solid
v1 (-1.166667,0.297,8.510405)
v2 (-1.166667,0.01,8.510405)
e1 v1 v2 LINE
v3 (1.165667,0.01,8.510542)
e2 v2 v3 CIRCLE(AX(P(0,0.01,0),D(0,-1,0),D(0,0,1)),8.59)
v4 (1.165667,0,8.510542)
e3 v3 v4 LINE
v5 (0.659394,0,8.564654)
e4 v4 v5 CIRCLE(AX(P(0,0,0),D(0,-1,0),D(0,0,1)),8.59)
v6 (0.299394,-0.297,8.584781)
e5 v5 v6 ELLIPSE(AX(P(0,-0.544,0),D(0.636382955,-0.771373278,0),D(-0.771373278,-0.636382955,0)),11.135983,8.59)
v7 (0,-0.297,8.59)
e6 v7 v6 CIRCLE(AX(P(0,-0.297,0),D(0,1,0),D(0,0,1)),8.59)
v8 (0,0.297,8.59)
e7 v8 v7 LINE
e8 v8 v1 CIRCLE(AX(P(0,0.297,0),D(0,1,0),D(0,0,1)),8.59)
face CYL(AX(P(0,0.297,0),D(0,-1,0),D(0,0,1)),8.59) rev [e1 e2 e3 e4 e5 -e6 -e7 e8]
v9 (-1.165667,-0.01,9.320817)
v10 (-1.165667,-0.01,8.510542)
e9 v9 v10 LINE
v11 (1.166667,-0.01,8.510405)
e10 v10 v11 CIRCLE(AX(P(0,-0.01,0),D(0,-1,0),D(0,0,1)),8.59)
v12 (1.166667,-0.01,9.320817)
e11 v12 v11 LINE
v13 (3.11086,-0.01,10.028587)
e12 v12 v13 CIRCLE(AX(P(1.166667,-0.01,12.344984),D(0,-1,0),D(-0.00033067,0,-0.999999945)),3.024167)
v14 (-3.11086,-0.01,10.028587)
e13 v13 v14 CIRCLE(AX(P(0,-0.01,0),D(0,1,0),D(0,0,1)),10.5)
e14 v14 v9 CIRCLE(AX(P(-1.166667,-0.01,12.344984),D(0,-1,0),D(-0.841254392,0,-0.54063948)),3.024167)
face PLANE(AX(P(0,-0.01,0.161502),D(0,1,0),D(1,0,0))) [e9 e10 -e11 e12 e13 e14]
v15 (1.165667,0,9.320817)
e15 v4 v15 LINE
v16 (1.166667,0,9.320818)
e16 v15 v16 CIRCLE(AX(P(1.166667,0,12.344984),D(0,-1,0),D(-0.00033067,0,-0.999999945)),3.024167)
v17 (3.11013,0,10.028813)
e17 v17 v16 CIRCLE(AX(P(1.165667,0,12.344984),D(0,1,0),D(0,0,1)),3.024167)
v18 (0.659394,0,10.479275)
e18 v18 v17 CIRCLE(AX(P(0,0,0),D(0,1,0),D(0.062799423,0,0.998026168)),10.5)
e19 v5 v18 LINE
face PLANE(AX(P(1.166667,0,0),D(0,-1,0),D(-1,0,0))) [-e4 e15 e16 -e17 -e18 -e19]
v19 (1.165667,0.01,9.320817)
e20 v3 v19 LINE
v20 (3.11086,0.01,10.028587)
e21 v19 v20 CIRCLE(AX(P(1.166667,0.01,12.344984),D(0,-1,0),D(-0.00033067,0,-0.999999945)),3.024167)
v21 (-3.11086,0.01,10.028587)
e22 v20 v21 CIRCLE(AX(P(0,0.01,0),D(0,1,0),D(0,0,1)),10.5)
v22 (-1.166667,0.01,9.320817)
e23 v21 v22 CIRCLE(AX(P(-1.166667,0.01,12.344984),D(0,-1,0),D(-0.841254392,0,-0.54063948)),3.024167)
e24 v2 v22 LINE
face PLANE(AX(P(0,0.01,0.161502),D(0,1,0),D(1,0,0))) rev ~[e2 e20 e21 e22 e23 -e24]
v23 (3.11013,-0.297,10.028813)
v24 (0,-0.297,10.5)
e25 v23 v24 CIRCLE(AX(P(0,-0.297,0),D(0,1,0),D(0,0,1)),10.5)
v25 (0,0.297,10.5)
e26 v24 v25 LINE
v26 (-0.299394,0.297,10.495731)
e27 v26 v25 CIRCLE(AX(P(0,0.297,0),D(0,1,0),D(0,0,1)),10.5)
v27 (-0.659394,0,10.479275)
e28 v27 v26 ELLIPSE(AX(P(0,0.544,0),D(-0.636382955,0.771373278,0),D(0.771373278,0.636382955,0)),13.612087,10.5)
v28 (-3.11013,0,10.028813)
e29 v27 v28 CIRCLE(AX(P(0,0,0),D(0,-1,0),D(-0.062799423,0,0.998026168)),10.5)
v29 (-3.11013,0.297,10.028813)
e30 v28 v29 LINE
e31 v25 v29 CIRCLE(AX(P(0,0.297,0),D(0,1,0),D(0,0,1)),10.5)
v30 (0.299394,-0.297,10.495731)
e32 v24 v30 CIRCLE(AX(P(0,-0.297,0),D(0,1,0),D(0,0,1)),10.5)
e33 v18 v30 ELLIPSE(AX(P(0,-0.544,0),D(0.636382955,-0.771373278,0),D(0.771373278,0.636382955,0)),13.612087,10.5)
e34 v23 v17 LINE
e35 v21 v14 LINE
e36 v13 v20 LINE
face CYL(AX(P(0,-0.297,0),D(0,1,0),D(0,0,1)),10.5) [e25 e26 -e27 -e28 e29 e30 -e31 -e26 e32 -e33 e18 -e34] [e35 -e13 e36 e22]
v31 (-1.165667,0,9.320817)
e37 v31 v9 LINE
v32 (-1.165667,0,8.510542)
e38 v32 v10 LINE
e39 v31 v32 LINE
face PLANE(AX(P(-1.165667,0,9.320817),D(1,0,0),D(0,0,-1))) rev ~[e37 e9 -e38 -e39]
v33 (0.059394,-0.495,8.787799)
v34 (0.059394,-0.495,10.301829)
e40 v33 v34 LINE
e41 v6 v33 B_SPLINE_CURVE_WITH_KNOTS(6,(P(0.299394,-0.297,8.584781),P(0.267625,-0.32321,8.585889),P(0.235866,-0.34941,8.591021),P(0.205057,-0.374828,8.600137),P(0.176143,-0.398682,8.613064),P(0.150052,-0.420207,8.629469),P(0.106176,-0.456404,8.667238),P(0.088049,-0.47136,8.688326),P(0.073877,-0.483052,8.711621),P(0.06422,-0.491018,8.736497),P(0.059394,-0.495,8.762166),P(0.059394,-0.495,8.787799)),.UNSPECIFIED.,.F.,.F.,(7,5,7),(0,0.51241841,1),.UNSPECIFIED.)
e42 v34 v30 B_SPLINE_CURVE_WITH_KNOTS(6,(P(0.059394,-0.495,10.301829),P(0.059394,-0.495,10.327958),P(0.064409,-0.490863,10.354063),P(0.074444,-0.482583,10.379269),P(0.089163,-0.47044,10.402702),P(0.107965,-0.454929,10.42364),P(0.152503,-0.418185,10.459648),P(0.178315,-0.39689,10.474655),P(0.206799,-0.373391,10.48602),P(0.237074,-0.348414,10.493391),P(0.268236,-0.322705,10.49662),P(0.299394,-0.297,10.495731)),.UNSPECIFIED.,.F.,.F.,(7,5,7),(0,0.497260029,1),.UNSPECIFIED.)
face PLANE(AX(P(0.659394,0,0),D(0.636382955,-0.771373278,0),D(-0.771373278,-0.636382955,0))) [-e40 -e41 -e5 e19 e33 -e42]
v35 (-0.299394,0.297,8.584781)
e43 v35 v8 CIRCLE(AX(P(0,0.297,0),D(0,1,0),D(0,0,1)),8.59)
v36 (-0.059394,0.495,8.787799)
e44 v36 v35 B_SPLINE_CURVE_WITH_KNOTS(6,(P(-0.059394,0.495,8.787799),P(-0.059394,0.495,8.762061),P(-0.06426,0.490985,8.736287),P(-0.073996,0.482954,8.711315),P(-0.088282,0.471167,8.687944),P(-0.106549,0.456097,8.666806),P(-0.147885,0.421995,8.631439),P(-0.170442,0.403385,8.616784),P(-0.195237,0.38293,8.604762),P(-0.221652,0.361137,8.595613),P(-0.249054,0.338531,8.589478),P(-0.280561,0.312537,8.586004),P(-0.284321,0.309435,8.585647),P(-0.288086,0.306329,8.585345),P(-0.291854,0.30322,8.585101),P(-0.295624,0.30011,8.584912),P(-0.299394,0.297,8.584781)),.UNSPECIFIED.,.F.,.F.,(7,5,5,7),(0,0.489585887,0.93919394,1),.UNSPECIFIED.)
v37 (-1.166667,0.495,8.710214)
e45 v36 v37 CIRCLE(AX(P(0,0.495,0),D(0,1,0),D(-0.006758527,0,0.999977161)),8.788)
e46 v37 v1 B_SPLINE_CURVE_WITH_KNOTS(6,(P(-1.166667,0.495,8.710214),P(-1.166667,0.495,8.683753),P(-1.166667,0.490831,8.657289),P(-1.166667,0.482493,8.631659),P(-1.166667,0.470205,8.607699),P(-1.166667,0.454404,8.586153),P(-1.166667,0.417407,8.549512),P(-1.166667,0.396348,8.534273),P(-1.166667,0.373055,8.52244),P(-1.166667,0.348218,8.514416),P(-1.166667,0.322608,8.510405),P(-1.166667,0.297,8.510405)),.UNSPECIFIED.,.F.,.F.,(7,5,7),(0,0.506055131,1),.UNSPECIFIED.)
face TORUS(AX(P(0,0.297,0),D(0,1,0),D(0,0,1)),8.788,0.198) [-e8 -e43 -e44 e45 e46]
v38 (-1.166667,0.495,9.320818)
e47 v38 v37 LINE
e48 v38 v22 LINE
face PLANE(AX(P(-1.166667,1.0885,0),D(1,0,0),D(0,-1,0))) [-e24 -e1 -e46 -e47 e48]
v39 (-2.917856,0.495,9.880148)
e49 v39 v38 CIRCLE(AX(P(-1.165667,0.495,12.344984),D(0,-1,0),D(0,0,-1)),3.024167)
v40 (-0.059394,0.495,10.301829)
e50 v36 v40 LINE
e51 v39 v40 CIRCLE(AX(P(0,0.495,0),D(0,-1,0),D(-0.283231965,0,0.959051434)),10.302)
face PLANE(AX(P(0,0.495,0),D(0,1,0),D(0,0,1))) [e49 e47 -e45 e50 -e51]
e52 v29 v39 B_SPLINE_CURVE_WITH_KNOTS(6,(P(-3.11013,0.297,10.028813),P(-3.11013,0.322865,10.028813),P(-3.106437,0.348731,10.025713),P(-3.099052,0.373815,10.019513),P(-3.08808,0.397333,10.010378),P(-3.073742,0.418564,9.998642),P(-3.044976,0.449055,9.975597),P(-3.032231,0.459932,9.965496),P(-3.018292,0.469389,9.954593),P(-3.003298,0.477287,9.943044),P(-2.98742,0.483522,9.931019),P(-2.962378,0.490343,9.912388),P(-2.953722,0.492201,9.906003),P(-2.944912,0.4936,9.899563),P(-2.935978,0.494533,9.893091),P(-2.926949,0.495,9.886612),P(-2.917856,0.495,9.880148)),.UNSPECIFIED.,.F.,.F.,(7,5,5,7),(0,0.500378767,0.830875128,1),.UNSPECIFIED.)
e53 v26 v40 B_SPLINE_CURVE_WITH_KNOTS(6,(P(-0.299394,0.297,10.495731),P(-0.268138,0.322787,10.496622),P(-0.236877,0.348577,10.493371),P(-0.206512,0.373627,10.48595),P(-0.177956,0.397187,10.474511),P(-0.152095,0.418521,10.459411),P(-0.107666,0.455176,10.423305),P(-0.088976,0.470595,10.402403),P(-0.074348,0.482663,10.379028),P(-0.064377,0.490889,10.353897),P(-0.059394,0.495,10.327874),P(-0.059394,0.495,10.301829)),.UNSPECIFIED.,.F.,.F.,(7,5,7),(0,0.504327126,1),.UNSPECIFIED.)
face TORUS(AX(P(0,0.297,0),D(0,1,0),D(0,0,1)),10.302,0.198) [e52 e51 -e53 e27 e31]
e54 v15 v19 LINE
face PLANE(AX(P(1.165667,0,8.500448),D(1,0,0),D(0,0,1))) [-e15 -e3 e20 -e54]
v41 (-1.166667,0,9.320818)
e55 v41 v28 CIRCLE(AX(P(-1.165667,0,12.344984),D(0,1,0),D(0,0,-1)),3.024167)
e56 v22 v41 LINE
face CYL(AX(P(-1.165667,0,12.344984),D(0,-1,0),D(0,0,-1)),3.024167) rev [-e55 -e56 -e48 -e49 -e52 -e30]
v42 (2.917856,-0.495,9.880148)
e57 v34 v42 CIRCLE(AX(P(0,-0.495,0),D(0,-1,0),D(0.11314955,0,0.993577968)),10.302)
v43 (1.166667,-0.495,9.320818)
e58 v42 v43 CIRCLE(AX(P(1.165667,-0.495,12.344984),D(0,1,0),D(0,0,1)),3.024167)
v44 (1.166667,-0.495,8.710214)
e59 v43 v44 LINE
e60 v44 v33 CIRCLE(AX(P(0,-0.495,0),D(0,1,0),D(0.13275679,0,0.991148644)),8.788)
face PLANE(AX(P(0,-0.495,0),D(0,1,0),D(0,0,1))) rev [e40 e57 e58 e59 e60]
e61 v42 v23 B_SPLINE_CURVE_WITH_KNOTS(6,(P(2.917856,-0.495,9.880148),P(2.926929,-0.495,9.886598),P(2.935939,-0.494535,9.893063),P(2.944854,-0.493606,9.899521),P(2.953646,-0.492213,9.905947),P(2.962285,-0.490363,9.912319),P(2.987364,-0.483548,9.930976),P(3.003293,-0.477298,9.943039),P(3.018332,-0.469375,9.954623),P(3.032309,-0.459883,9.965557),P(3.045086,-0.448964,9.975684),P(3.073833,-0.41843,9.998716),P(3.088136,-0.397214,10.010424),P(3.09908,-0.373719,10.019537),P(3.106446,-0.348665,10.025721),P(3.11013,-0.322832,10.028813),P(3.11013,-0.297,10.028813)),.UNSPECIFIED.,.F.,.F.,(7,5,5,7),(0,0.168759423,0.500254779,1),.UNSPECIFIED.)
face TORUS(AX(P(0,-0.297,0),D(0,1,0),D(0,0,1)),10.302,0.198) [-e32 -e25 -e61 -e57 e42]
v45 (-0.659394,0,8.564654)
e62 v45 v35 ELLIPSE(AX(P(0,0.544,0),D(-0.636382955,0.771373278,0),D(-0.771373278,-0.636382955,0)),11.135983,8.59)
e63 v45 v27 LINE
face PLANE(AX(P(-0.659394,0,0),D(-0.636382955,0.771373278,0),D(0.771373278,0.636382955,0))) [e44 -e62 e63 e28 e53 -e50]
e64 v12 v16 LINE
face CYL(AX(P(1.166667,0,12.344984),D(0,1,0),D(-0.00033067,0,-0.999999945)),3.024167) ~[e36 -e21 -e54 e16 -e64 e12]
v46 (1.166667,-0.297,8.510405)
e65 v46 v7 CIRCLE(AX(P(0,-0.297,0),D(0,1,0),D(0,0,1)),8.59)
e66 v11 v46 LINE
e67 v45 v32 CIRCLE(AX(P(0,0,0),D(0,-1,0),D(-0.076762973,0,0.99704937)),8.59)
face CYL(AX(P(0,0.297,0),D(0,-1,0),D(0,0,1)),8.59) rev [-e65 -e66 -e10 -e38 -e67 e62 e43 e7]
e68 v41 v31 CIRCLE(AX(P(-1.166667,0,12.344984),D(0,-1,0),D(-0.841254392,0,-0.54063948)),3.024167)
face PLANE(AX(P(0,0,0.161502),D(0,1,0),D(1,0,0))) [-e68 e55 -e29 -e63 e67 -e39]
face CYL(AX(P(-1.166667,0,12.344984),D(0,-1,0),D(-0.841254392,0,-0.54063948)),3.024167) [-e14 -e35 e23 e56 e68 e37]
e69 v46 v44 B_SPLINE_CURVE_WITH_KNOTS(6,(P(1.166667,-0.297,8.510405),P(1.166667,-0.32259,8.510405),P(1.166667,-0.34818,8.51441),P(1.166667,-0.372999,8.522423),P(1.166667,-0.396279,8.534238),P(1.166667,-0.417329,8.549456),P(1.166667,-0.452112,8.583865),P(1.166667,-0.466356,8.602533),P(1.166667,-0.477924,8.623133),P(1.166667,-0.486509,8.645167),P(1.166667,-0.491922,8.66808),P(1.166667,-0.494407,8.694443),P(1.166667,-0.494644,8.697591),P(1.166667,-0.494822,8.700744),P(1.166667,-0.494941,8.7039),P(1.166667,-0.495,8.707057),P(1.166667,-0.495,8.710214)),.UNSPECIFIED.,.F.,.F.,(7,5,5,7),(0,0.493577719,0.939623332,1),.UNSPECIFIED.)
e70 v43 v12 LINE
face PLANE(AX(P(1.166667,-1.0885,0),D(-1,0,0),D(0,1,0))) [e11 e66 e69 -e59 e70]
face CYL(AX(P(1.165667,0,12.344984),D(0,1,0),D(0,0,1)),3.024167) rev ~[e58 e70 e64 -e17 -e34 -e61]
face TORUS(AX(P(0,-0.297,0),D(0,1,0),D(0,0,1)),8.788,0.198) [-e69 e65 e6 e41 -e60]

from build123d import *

# Parameters (mm, degrees)
CUT_EXTRUDE1_DEPTH      = 21
CUT_EXTRUDE2_DEPTH      = 21
CUT_EXTRUDE3_DEPTH      = 21
CUT_EXTRUDE4_DEPTH      = 21
CUT_EXTRUDE5_DEPTH      = 0.01
CUT_EXTRUDE5_DEPTH_BACK = 0.01


with BuildPart() as part:
    # Sketch1 → Revolve1 (revolve)
    with BuildSketch(Plane(origin=(0, 0, 0), x_dir=(0, 0, -1), z_dir=(1, 0, 0)), mode=Mode.PRIVATE) as revolve1_sk:
        with BuildLine():
            Line((8.788, -0.495), (10.302, -0.495))
            ThreePointArc((10.302, -0.495), (10.442007143, -0.437007143), (10.5, -0.297))
            Line((10.5, -0.297), (10.5, 0.297))
            ThreePointArc((10.5, 0.297), (10.442007143, 0.437007143), (10.302, 0.495))
            Line((10.302, 0.495), (8.788, 0.495))
            ThreePointArc((8.788, 0.495), (8.647992857, 0.437007143), (8.59, 0.297))
            Line((8.59, 0.297), (8.59, -0.297))
            ThreePointArc((8.59, -0.297), (8.647992857, -0.437007143), (8.788, -0.495))
        make_face()
    revolve(revolve1_sk.sketch.rotate(Axis((0, -1, 0), (0, 1, 0)), 180), axis=Axis((0, -1, 0), (0, 1, 0)))

    # Sketch2 → Cut-Extrude1 (cut)
    with BuildSketch(Plane(origin=(0, 0, 0), x_dir=(1, 0, 0), z_dir=(0, 1, 0))):
        with BuildLine():
            Line((-1.165666667, -15.369150396), (-1.165666667, -9.320817394))
            ThreePointArc((-1.165666667, -9.320817394), (-4.189833168, -12.344983895), (-1.165666667, -15.369150396))
        make_face()
    extrude(amount=CUT_EXTRUDE1_DEPTH, mode=Mode.SUBTRACT)

    # Sketch3 → Cut-Extrude2 (cut)
    with BuildSketch(Plane(origin=(0, 0, 0), x_dir=(1, 0, 0), z_dir=(0, 1, 0))):
        with BuildLine():
            Line((1.165666667, -9.320817394), (1.165666667, -15.369150396))
            ThreePointArc((1.165666667, -15.369150396), (4.189833168, -12.344983895), (1.165666667, -9.320817394))
        make_face()
    extrude(amount=-CUT_EXTRUDE2_DEPTH, mode=Mode.SUBTRACT)

    # Sketch4 → Cut-Extrude3 (cut)
    with BuildSketch(Plane.XY):
        Polygon((-1.166666667, 1.0885), (-1.166666667, 0), (-0.659393939, 0), (0.66, 1.0885), align=None)
    extrude(amount=CUT_EXTRUDE3_DEPTH, mode=Mode.SUBTRACT)

    # Sketch5 → Cut-Extrude4 (cut)
    with BuildSketch(Plane.XY):
        Polygon((-0.66, -1.0885), (1.166666667, -1.0885), (1.166666667, 0), (0.659393939, 0), align=None)
    extrude(amount=CUT_EXTRUDE4_DEPTH, mode=Mode.SUBTRACT)

    # Sketch6 → Cut-Extrude5 (cut, two sides)
    with BuildSketch(Plane(origin=(0, 0, 0), x_dir=(1, 0, 0), z_dir=(0, 1, 0))) as cut_extrude5_sk:
        with BuildLine():
            Line((-10.71, -10.71), (-3.710760158, -10.71))
            ThreePointArc((-3.710760158, -10.71), (-2.615558728, -9.690497914), (-1.165666667, -9.320817394))
            Line((-1.165666667, -9.320817394), (-1.165666667, -8.500448295))
            ThreePointArc((-1.165666667, -8.500448295), (0, -8.58), (1.165666667, -8.500448295))
            Line((1.165666667, -8.500448295), (1.165666667, -9.320817394))
            ThreePointArc((1.165666667, -9.320817394), (2.615558728, -9.690497914), (3.710760158, -10.71))
            Line((3.710760158, -10.71), (10.71, -10.71))
            Line((10.71, -10.71), (10.71, 10.71))
            Line((10.71, 10.71), (-10.71, 10.71))
            Line((-10.71, 10.71), (-10.71, -10.71))
        make_face()
    extrude(amount=CUT_EXTRUDE5_DEPTH, mode=Mode.SUBTRACT)
    extrude(cut_extrude5_sk.sketch, amount=-CUT_EXTRUDE5_DEPTH_BACK, mode=Mode.SUBTRACT)


solid = part.part
